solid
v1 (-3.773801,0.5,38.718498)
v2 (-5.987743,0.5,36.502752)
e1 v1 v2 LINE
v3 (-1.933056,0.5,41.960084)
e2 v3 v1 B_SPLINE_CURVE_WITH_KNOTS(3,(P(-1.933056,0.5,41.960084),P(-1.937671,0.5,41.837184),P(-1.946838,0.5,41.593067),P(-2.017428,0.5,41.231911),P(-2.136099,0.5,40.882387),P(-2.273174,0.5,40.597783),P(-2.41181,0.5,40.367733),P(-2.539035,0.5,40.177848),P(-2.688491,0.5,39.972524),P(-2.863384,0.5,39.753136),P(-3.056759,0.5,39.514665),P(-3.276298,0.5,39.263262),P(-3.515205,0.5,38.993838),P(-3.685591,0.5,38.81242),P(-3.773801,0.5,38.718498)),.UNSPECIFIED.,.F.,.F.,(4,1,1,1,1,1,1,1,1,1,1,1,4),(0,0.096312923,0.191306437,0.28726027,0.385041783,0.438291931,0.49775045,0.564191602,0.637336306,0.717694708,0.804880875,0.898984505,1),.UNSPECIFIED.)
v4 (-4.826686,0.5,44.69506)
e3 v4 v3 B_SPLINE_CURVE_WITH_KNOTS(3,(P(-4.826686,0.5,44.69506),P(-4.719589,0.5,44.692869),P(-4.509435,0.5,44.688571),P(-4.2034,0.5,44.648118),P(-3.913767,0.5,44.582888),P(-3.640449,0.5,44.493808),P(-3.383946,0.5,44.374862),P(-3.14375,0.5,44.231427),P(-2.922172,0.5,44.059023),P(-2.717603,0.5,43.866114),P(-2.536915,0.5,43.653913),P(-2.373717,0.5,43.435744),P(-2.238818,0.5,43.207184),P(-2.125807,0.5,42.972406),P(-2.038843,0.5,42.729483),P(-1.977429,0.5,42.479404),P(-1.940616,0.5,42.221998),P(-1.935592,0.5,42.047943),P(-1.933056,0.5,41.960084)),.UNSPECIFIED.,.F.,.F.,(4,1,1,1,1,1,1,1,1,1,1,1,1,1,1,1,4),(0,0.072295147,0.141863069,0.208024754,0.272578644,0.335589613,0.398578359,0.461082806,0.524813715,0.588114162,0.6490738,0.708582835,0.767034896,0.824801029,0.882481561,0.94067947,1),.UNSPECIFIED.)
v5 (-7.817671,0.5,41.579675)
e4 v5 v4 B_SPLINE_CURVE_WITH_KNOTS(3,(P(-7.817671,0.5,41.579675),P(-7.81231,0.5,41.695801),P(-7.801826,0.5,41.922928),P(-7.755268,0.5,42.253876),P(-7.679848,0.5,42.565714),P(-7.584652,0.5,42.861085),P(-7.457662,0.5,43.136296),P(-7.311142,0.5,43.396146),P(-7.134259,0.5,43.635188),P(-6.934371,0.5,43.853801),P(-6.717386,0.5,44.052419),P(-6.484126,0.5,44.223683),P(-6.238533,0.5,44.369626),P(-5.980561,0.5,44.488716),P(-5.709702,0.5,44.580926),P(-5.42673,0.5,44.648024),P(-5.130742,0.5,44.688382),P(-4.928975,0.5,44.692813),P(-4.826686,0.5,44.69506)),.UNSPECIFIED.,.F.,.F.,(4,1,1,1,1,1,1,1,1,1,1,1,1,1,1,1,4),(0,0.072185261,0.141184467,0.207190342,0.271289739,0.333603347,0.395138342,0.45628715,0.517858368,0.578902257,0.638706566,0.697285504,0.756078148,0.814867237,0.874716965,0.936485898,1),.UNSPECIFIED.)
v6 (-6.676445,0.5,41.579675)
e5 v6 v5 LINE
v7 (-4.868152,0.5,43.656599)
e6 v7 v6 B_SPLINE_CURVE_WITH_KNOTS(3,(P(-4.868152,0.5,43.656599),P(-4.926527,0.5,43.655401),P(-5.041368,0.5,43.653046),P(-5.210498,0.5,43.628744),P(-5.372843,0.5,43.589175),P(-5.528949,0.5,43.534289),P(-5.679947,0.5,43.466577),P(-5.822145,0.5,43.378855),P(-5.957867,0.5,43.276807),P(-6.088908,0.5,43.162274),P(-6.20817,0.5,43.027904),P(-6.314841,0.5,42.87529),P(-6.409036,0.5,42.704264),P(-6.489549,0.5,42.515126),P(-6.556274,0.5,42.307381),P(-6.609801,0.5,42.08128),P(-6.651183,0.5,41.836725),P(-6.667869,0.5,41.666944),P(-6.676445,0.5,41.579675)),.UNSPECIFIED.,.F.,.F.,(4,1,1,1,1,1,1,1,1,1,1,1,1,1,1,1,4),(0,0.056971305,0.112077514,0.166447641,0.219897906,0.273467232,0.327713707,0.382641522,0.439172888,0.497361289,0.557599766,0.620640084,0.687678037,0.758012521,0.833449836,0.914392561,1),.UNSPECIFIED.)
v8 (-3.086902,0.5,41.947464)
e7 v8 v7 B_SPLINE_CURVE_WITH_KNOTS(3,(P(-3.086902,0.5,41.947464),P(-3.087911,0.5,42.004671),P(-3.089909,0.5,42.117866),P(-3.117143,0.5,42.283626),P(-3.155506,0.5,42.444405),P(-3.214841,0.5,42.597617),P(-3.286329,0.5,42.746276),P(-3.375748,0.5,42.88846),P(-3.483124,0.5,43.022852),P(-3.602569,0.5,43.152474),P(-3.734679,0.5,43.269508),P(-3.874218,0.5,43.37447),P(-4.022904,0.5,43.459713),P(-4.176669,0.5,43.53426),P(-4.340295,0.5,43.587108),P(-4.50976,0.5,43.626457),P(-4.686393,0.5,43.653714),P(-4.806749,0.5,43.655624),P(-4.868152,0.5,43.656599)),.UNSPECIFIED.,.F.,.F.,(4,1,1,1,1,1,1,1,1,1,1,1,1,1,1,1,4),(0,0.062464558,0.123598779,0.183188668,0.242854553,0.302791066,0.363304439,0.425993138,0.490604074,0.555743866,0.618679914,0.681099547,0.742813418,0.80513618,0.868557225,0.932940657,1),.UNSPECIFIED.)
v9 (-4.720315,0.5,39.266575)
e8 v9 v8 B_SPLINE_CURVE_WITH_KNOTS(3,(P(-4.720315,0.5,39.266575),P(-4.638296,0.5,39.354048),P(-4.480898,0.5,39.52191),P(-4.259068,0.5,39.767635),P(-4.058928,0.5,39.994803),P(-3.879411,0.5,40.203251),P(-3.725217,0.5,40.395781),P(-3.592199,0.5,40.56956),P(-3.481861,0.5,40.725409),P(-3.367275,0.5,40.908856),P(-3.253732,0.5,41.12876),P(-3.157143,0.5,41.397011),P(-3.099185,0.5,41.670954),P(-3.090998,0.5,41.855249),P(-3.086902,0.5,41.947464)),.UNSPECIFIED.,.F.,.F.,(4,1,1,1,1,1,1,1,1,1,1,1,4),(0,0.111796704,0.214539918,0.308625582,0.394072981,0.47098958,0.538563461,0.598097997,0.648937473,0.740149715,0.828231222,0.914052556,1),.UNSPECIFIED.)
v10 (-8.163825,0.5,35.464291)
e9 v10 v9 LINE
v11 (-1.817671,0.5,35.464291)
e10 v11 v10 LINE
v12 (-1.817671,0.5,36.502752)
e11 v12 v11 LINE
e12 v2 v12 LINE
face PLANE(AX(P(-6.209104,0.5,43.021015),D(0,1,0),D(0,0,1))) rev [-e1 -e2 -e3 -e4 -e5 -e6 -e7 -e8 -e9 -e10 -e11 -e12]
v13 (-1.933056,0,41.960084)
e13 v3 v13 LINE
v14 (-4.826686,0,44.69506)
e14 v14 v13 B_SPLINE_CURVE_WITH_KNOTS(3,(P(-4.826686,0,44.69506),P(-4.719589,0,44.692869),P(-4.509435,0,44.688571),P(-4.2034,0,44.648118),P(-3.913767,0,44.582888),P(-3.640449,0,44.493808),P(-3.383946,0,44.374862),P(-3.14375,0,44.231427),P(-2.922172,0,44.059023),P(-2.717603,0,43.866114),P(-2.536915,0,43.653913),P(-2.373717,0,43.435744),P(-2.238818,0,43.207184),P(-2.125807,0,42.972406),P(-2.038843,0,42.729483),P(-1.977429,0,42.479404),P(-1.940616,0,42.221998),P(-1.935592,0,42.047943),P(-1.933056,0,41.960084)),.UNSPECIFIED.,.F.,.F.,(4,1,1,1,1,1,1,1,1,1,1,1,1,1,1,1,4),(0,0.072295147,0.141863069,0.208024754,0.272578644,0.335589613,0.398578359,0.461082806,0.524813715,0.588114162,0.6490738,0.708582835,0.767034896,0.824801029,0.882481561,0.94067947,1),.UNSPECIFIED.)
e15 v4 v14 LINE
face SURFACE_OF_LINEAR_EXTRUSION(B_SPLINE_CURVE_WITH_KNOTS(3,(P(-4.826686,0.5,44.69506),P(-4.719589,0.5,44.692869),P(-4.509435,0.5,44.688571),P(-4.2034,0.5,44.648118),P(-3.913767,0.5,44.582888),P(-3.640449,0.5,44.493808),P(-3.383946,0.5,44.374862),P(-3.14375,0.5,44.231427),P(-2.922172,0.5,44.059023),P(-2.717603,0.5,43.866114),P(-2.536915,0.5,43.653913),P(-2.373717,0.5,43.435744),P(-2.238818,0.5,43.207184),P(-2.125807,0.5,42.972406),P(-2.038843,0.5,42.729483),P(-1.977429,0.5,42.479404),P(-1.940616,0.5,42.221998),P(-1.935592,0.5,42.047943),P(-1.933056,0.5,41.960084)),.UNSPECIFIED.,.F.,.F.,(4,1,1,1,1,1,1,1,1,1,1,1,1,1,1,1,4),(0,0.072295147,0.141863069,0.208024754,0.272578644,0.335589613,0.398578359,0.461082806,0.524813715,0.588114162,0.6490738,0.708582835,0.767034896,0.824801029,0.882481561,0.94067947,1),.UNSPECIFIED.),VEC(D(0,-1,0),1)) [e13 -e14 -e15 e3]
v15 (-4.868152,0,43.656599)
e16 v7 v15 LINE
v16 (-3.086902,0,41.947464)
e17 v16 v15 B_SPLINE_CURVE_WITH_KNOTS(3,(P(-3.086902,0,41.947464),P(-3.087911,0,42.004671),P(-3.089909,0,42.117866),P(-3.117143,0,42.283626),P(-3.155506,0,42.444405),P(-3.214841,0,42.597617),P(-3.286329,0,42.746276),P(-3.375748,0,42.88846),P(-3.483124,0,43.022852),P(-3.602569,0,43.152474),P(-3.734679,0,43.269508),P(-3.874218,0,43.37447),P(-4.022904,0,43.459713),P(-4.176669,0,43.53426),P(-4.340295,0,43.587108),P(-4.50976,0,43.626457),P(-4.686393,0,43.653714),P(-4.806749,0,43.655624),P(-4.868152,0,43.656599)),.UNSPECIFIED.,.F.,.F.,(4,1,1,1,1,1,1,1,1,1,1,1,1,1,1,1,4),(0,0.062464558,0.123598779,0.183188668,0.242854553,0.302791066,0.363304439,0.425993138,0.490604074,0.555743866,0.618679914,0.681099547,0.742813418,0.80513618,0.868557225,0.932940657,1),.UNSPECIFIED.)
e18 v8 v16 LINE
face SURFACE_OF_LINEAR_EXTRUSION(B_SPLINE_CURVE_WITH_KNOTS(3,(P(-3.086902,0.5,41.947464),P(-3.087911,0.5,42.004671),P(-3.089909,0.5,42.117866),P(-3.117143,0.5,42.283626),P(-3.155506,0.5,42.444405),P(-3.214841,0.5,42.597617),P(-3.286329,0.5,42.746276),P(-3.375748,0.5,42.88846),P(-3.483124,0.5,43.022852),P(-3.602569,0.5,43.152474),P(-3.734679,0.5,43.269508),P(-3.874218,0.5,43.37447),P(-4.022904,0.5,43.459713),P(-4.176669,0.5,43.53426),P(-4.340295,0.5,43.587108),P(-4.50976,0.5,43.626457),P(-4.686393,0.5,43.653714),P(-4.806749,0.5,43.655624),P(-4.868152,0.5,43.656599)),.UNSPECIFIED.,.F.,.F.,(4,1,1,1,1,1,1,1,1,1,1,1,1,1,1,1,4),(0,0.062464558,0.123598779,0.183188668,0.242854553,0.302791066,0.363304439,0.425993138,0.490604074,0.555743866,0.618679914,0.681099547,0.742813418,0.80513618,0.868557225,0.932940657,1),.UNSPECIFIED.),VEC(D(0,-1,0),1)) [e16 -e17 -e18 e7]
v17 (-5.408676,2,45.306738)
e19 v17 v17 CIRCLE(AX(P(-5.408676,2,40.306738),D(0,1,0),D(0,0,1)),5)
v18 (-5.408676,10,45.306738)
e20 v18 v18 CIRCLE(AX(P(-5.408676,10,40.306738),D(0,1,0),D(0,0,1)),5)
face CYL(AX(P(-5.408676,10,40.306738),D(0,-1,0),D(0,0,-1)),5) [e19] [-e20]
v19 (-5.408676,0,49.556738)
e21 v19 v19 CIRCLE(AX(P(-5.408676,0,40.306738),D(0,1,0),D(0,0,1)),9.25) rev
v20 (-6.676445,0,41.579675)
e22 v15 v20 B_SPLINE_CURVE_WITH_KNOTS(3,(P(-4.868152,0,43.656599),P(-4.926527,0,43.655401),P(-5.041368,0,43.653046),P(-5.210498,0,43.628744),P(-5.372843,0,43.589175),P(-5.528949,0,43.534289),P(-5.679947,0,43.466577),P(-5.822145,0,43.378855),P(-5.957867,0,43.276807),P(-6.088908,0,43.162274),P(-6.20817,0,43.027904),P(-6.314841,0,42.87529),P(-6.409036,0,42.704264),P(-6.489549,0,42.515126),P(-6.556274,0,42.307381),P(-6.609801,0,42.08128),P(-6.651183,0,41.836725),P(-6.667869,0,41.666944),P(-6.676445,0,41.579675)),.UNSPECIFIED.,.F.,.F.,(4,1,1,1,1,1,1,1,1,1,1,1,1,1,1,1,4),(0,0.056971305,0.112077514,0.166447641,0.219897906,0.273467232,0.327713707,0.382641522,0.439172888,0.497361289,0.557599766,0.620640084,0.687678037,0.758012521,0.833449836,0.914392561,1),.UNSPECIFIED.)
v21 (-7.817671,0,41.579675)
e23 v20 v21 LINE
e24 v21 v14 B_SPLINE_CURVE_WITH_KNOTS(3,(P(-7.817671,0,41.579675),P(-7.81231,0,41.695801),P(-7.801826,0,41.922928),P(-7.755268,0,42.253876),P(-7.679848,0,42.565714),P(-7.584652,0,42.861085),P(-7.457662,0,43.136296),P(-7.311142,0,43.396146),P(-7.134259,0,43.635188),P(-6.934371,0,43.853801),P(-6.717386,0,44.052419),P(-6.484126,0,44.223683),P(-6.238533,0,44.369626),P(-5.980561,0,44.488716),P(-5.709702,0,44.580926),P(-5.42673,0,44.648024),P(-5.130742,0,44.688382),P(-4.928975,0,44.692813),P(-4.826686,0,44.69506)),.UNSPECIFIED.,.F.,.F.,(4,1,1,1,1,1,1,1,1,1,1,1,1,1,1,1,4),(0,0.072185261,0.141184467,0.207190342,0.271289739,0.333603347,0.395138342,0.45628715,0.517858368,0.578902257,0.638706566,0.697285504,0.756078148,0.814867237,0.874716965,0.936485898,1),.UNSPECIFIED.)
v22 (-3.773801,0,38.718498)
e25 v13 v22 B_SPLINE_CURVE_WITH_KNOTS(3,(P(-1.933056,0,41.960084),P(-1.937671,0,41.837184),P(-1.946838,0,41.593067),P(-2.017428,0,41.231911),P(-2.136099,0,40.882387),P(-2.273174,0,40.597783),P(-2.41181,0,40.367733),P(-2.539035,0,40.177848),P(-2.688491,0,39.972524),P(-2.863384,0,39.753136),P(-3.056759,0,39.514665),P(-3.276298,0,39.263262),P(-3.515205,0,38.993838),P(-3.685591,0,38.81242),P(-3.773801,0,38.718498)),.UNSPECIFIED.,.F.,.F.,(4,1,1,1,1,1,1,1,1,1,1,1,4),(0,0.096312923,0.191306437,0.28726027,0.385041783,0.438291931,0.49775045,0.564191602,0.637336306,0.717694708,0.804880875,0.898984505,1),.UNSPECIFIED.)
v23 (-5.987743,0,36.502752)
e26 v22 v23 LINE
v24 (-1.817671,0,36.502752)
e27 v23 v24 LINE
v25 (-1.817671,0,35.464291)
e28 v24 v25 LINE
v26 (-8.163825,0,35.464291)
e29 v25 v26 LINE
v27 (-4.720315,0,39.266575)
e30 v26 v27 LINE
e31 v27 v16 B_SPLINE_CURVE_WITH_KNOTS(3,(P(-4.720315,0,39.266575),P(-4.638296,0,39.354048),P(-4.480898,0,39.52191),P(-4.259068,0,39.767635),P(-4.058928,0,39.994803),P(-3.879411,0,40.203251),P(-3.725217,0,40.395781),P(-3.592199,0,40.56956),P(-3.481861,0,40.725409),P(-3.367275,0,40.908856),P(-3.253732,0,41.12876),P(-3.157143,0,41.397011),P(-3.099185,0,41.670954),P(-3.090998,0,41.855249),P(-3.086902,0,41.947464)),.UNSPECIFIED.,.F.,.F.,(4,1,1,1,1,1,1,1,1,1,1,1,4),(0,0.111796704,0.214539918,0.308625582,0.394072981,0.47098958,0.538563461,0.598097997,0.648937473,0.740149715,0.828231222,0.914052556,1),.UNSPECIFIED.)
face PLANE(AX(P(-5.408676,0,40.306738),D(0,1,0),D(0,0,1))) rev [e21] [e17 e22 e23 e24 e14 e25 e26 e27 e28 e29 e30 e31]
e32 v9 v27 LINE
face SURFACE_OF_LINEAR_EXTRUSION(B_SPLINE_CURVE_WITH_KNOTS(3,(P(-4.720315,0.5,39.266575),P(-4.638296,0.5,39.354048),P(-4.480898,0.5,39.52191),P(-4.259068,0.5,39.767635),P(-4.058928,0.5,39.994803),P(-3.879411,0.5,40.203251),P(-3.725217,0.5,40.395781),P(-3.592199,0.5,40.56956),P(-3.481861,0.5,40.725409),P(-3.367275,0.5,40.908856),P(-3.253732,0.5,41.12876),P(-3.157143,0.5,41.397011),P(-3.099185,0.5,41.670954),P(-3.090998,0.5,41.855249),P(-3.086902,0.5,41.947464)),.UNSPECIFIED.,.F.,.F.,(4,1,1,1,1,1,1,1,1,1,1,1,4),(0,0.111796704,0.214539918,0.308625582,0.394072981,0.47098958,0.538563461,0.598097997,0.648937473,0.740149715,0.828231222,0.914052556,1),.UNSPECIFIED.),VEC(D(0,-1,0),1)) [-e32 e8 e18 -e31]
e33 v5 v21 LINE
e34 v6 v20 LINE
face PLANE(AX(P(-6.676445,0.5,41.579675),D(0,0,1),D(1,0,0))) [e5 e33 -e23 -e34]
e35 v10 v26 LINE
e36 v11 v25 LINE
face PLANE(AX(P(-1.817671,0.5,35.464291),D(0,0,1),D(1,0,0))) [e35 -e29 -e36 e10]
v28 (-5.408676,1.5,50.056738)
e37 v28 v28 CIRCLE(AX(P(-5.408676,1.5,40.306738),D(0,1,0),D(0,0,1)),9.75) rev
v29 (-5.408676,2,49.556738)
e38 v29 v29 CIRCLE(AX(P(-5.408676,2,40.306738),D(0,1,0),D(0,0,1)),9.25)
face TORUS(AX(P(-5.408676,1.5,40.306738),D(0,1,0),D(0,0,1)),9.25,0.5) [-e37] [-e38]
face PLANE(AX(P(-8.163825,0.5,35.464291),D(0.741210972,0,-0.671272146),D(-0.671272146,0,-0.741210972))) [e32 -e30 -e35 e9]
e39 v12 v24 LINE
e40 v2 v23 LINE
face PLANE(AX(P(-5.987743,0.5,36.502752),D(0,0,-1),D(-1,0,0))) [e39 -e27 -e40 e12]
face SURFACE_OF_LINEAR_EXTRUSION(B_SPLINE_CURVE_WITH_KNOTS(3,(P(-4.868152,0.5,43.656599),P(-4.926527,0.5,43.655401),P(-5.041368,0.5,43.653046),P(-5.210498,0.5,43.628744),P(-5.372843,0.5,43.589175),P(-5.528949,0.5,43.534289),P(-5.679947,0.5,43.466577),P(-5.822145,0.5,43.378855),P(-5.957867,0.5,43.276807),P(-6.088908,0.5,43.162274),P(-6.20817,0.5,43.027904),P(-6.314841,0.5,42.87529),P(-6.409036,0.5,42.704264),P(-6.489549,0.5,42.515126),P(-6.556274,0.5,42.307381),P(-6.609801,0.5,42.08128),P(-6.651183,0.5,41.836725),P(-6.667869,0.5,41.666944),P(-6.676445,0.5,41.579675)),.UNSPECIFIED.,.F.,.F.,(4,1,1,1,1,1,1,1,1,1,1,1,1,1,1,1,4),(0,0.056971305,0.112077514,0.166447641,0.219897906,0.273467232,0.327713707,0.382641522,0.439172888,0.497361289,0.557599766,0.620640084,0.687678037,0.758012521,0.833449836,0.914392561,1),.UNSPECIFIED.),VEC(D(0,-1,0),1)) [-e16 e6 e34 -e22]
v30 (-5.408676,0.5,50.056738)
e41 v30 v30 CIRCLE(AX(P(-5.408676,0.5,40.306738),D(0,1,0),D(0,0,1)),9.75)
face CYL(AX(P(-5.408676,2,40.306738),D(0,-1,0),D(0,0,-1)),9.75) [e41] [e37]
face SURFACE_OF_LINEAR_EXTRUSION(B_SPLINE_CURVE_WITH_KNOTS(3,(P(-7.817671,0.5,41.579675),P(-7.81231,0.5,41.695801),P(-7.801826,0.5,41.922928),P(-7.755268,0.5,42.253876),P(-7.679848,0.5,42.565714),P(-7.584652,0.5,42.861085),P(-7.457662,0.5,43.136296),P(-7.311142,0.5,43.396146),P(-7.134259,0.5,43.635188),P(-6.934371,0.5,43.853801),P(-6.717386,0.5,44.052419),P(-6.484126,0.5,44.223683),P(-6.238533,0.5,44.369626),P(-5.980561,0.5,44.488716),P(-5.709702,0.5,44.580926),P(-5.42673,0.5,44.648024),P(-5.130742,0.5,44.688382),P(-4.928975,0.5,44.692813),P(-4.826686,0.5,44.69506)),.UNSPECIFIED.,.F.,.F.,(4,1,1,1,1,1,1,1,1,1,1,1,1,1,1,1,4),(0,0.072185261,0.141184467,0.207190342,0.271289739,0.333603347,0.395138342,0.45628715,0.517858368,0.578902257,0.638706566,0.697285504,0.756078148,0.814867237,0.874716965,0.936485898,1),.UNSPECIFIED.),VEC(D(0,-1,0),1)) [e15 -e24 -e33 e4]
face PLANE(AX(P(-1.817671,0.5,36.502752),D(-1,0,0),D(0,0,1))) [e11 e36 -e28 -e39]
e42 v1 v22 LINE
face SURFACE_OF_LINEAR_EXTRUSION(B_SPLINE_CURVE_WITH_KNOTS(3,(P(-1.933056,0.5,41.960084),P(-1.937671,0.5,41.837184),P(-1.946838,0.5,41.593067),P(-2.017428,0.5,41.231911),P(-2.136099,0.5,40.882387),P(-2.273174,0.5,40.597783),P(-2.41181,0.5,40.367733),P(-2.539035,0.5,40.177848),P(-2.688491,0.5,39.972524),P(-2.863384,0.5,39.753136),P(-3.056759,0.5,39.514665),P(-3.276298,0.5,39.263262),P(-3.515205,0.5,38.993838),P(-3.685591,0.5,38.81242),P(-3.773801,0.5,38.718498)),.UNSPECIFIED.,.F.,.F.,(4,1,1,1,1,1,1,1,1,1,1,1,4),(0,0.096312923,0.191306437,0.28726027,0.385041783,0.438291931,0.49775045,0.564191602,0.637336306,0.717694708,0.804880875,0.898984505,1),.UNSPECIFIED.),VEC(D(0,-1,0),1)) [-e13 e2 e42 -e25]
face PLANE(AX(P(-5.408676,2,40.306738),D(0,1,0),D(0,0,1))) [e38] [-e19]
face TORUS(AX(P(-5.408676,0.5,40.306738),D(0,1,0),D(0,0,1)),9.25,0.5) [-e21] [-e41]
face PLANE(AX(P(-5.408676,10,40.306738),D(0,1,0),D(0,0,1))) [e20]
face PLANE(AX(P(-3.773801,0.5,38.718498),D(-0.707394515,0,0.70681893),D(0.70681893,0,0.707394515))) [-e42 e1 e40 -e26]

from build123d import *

# Parameters (mm, degrees)
SKETCH1_R           = 9.75
BOSS_EXTRUDE5_DEPTH = 2
SKETCH4_R           = 5
BOSS_EXTRUDE6_DEPTH = 8
CUT_EXTRUDE2_DEPTH  = 0.5
FILLET1_R           = 0.5


with BuildPart() as part:
    # Sketch1 → Boss-Extrude5 (new body)
    with BuildSketch(Plane(origin=(0, 0, 0), x_dir=(1, 0, 0), z_dir=(0, 1, 0))):
        with Locations(Location((-5.408676197, -40.3067379, 0), (0, 0, 270))):
            Circle(SKETCH1_R)
    extrude(amount=BOSS_EXTRUDE5_DEPTH)

    # Sketch4 → Boss-Extrude6 (add)
    with BuildSketch(Plane(origin=(0, 2, 0), x_dir=(1, 0, 0), z_dir=(0, 1, 0))):
        with Locations(Location((-5.408676197, -40.3067379, 0), (0, 0, 270))):
            Circle(SKETCH4_R)
    extrude(amount=BOSS_EXTRUDE6_DEPTH)

    # Sketch5 → Cut-Extrude2 (cut)
    with BuildSketch(Plane.XZ):
        with BuildLine():
            Line((-6.676445146, 41.579675489), (-7.817671107, 41.579675489))
            add(Edge.make_bspline(
                [(-7.817671107, 41.579675489), (-7.812310426, 41.695801368), (-7.801825667, 41.922927653), (-7.755267935, 42.253876027), (-7.679847726, 42.565713816), (-7.584651501, 42.861084573), (-7.45766239, 43.136296006), (-7.311142358, 43.396145756), (-7.134259014, 43.635187883), (-6.934371171, 43.853800531), (-6.717385859, 44.05241863), (-6.484125633, 44.223683245), (-6.238533308, 44.369625985), (-5.980560591, 44.488716228), (-5.70970227, 44.580925529), (-5.426730394, 44.648023926), (-5.13074225, 44.688382018), (-4.928974632, 44.692813499), (-4.826685531, 44.695060105)],
                knots=[0, 0, 0, 0, 1.154964179, 2.258951466, 3.315045469, 4.34063582, 5.337653555, 6.322213479, 7.300594401, 8.285733883, 9.262436119, 10.219305053, 11.156568068, 12.097250375, 13.037875795, 13.995471444, 14.983774372, 16, 16, 16, 16], degree=3))
            add(Edge.make_bspline(
                [(-4.826685531, 44.695060105), (-4.719588621, 44.692869366), (-4.50943487, 44.68857053), (-4.203400393, 44.648117964), (-3.913766774, 44.58288823), (-3.640449207, 44.493807864), (-3.383945659, 44.374862374), (-3.14375032, 44.231427232), (-2.922172064, 44.05902337), (-2.717602692, 43.866114214), (-2.536915038, 43.653912553), (-2.373716977, 43.435744039), (-2.238817979, 43.207183965), (-2.125806623, 42.972405889), (-2.038842603, 42.729482892), (-1.977428884, 42.479403561), (-1.940616475, 42.221997964), (-1.935591973, 42.047942984), (-1.933055723, 41.960084143)],
                knots=[0, 0, 0, 0, 1.156722346, 2.269809107, 3.328396062, 4.361258308, 5.3694338, 6.377253737, 7.377324894, 8.397019439, 9.4098266, 10.385180797, 11.337325354, 12.27255833, 13.196816462, 14.119704983, 15.050871513, 16, 16, 16, 16], degree=3))
            add(Edge.make_bspline(
                [(-1.933055723, 41.960084143), (-1.937670931, 41.837184043), (-1.946838122, 41.593067475), (-2.017428332, 41.231911022), (-2.136098747, 40.882386988), (-2.273174428, 40.597782754), (-2.411809943, 40.367733096), (-2.539034806, 40.177847763), (-2.688491104, 39.972524075), (-2.863384002, 39.753136485), (-3.056759049, 39.514665319), (-3.276297862, 39.263262394), (-3.515205381, 38.99383788), (-3.685590507, 38.812419869), (-3.773800915, 38.718497605)],
                knots=[0, 0, 0, 0, 1.155755081, 2.295677249, 3.447123235, 4.6205014, 5.259503175, 5.973005395, 6.77029923, 7.648035671, 8.612336498, 9.658570495, 10.787814065, 12, 12, 12, 12], degree=3))
            Line((-3.773800915, 38.718497605), (-5.987743223, 36.502752412))
            Line((-5.987743223, 36.502752412), (-1.817671107, 36.502752412))
            Line((-1.817671107, 36.502752412), (-1.817671107, 35.464290874))
            Line((-1.817671107, 35.464290874), (-8.163824954, 35.464290874))
            Line((-8.163824954, 35.464290874), (-4.720315338, 39.266574528))
            add(Edge.make_bspline(
                [(-4.720315338, 39.266574528), (-4.638295504, 39.354047762), (-4.480897943, 39.521910498), (-4.259068364, 39.767634589), (-4.058928423, 39.994802676), (-3.879411097, 40.203250768), (-3.725217211, 40.395780628), (-3.592198644, 40.569559806), (-3.48186119, 40.72540892), (-3.367275219, 40.908856301), (-3.253732275, 41.128759827), (-3.157143346, 41.39701125), (-3.099185258, 41.670954142), (-3.090998341, 41.855248913), (-3.086901877, 41.947463951)],
                knots=[0, 0, 0, 0, 1.341560447, 2.574479018, 3.703506985, 4.728875774, 5.651874962, 6.462761537, 7.177175968, 7.787249671, 8.88179658, 9.938774664, 10.968630673, 12, 12, 12, 12], degree=3))
            add(Edge.make_bspline(
                [(-3.086901877, 41.947463951), (-3.087911417, 42.004670669), (-3.089908998, 42.117865747), (-3.117142724, 42.283626365), (-3.155506319, 42.444404941), (-3.214841381, 42.597616639), (-3.286329214, 42.746275734), (-3.375747774, 42.888460482), (-3.483123565, 43.022851966), (-3.602569027, 43.15247391), (-3.734678848, 43.269507844), (-3.874218391, 43.374470164), (-4.022903654, 43.459713223), (-4.176669359, 43.53425977), (-4.340295405, 43.587108395), (-4.509759668, 43.626456912), (-4.686392781, 43.653714425), (-4.806748776, 43.655624226), (-4.868151877, 43.656598566)],
                knots=[0, 0, 0, 0, 0.999432927, 1.977580462, 2.931018689, 3.885672852, 4.844657058, 5.812871023, 6.815890212, 7.849665183, 8.891901864, 9.898878619, 10.897592748, 11.885014695, 12.882178885, 13.896915602, 14.927050508, 16, 16, 16, 16], degree=3))
            add(Edge.make_bspline(
                [(-4.868151877, 43.656598566), (-4.926527495, 43.655401271), (-5.041367662, 43.653045877), (-5.210498233, 43.628743667), (-5.372842642, 43.58917489), (-5.528948546, 43.534289387), (-5.679946595, 43.466576563), (-5.822144632, 43.378854732), (-5.957866841, 43.276807213), (-6.088907502, 43.162274235), (-6.208169616, 43.027904249), (-6.314840719, 42.87528957), (-6.409035513, 42.704263904), (-6.489548923, 42.51512644), (-6.55627432, 42.307380975), (-6.609801194, 42.081280118), (-6.651182642, 41.836725471), (-6.667868533, 41.66694389), (-6.676445146, 41.579675489)],
                knots=[0, 0, 0, 0, 0.911540883, 1.79324023, 2.663162255, 3.518366492, 4.375475705, 5.243419306, 6.122264358, 7.02676621, 7.957780629, 8.921596253, 9.930241338, 11.002848587, 12.128200329, 13.335197372, 14.630280975, 16, 16, 16, 16], degree=3))
        make_face()
    extrude(amount=-CUT_EXTRUDE2_DEPTH, mode=Mode.SUBTRACT)

    # Fillet1
    fillet1_edges = [part.edges().sort_by_distance(p)[0] for p in [
        (-5.408676197, 0, 30.5567379),
        (-5.408676197, 2, 30.5567379),
    ]]
    fillet(fillet1_edges, radius=FILLET1_R)


solid = part.part
